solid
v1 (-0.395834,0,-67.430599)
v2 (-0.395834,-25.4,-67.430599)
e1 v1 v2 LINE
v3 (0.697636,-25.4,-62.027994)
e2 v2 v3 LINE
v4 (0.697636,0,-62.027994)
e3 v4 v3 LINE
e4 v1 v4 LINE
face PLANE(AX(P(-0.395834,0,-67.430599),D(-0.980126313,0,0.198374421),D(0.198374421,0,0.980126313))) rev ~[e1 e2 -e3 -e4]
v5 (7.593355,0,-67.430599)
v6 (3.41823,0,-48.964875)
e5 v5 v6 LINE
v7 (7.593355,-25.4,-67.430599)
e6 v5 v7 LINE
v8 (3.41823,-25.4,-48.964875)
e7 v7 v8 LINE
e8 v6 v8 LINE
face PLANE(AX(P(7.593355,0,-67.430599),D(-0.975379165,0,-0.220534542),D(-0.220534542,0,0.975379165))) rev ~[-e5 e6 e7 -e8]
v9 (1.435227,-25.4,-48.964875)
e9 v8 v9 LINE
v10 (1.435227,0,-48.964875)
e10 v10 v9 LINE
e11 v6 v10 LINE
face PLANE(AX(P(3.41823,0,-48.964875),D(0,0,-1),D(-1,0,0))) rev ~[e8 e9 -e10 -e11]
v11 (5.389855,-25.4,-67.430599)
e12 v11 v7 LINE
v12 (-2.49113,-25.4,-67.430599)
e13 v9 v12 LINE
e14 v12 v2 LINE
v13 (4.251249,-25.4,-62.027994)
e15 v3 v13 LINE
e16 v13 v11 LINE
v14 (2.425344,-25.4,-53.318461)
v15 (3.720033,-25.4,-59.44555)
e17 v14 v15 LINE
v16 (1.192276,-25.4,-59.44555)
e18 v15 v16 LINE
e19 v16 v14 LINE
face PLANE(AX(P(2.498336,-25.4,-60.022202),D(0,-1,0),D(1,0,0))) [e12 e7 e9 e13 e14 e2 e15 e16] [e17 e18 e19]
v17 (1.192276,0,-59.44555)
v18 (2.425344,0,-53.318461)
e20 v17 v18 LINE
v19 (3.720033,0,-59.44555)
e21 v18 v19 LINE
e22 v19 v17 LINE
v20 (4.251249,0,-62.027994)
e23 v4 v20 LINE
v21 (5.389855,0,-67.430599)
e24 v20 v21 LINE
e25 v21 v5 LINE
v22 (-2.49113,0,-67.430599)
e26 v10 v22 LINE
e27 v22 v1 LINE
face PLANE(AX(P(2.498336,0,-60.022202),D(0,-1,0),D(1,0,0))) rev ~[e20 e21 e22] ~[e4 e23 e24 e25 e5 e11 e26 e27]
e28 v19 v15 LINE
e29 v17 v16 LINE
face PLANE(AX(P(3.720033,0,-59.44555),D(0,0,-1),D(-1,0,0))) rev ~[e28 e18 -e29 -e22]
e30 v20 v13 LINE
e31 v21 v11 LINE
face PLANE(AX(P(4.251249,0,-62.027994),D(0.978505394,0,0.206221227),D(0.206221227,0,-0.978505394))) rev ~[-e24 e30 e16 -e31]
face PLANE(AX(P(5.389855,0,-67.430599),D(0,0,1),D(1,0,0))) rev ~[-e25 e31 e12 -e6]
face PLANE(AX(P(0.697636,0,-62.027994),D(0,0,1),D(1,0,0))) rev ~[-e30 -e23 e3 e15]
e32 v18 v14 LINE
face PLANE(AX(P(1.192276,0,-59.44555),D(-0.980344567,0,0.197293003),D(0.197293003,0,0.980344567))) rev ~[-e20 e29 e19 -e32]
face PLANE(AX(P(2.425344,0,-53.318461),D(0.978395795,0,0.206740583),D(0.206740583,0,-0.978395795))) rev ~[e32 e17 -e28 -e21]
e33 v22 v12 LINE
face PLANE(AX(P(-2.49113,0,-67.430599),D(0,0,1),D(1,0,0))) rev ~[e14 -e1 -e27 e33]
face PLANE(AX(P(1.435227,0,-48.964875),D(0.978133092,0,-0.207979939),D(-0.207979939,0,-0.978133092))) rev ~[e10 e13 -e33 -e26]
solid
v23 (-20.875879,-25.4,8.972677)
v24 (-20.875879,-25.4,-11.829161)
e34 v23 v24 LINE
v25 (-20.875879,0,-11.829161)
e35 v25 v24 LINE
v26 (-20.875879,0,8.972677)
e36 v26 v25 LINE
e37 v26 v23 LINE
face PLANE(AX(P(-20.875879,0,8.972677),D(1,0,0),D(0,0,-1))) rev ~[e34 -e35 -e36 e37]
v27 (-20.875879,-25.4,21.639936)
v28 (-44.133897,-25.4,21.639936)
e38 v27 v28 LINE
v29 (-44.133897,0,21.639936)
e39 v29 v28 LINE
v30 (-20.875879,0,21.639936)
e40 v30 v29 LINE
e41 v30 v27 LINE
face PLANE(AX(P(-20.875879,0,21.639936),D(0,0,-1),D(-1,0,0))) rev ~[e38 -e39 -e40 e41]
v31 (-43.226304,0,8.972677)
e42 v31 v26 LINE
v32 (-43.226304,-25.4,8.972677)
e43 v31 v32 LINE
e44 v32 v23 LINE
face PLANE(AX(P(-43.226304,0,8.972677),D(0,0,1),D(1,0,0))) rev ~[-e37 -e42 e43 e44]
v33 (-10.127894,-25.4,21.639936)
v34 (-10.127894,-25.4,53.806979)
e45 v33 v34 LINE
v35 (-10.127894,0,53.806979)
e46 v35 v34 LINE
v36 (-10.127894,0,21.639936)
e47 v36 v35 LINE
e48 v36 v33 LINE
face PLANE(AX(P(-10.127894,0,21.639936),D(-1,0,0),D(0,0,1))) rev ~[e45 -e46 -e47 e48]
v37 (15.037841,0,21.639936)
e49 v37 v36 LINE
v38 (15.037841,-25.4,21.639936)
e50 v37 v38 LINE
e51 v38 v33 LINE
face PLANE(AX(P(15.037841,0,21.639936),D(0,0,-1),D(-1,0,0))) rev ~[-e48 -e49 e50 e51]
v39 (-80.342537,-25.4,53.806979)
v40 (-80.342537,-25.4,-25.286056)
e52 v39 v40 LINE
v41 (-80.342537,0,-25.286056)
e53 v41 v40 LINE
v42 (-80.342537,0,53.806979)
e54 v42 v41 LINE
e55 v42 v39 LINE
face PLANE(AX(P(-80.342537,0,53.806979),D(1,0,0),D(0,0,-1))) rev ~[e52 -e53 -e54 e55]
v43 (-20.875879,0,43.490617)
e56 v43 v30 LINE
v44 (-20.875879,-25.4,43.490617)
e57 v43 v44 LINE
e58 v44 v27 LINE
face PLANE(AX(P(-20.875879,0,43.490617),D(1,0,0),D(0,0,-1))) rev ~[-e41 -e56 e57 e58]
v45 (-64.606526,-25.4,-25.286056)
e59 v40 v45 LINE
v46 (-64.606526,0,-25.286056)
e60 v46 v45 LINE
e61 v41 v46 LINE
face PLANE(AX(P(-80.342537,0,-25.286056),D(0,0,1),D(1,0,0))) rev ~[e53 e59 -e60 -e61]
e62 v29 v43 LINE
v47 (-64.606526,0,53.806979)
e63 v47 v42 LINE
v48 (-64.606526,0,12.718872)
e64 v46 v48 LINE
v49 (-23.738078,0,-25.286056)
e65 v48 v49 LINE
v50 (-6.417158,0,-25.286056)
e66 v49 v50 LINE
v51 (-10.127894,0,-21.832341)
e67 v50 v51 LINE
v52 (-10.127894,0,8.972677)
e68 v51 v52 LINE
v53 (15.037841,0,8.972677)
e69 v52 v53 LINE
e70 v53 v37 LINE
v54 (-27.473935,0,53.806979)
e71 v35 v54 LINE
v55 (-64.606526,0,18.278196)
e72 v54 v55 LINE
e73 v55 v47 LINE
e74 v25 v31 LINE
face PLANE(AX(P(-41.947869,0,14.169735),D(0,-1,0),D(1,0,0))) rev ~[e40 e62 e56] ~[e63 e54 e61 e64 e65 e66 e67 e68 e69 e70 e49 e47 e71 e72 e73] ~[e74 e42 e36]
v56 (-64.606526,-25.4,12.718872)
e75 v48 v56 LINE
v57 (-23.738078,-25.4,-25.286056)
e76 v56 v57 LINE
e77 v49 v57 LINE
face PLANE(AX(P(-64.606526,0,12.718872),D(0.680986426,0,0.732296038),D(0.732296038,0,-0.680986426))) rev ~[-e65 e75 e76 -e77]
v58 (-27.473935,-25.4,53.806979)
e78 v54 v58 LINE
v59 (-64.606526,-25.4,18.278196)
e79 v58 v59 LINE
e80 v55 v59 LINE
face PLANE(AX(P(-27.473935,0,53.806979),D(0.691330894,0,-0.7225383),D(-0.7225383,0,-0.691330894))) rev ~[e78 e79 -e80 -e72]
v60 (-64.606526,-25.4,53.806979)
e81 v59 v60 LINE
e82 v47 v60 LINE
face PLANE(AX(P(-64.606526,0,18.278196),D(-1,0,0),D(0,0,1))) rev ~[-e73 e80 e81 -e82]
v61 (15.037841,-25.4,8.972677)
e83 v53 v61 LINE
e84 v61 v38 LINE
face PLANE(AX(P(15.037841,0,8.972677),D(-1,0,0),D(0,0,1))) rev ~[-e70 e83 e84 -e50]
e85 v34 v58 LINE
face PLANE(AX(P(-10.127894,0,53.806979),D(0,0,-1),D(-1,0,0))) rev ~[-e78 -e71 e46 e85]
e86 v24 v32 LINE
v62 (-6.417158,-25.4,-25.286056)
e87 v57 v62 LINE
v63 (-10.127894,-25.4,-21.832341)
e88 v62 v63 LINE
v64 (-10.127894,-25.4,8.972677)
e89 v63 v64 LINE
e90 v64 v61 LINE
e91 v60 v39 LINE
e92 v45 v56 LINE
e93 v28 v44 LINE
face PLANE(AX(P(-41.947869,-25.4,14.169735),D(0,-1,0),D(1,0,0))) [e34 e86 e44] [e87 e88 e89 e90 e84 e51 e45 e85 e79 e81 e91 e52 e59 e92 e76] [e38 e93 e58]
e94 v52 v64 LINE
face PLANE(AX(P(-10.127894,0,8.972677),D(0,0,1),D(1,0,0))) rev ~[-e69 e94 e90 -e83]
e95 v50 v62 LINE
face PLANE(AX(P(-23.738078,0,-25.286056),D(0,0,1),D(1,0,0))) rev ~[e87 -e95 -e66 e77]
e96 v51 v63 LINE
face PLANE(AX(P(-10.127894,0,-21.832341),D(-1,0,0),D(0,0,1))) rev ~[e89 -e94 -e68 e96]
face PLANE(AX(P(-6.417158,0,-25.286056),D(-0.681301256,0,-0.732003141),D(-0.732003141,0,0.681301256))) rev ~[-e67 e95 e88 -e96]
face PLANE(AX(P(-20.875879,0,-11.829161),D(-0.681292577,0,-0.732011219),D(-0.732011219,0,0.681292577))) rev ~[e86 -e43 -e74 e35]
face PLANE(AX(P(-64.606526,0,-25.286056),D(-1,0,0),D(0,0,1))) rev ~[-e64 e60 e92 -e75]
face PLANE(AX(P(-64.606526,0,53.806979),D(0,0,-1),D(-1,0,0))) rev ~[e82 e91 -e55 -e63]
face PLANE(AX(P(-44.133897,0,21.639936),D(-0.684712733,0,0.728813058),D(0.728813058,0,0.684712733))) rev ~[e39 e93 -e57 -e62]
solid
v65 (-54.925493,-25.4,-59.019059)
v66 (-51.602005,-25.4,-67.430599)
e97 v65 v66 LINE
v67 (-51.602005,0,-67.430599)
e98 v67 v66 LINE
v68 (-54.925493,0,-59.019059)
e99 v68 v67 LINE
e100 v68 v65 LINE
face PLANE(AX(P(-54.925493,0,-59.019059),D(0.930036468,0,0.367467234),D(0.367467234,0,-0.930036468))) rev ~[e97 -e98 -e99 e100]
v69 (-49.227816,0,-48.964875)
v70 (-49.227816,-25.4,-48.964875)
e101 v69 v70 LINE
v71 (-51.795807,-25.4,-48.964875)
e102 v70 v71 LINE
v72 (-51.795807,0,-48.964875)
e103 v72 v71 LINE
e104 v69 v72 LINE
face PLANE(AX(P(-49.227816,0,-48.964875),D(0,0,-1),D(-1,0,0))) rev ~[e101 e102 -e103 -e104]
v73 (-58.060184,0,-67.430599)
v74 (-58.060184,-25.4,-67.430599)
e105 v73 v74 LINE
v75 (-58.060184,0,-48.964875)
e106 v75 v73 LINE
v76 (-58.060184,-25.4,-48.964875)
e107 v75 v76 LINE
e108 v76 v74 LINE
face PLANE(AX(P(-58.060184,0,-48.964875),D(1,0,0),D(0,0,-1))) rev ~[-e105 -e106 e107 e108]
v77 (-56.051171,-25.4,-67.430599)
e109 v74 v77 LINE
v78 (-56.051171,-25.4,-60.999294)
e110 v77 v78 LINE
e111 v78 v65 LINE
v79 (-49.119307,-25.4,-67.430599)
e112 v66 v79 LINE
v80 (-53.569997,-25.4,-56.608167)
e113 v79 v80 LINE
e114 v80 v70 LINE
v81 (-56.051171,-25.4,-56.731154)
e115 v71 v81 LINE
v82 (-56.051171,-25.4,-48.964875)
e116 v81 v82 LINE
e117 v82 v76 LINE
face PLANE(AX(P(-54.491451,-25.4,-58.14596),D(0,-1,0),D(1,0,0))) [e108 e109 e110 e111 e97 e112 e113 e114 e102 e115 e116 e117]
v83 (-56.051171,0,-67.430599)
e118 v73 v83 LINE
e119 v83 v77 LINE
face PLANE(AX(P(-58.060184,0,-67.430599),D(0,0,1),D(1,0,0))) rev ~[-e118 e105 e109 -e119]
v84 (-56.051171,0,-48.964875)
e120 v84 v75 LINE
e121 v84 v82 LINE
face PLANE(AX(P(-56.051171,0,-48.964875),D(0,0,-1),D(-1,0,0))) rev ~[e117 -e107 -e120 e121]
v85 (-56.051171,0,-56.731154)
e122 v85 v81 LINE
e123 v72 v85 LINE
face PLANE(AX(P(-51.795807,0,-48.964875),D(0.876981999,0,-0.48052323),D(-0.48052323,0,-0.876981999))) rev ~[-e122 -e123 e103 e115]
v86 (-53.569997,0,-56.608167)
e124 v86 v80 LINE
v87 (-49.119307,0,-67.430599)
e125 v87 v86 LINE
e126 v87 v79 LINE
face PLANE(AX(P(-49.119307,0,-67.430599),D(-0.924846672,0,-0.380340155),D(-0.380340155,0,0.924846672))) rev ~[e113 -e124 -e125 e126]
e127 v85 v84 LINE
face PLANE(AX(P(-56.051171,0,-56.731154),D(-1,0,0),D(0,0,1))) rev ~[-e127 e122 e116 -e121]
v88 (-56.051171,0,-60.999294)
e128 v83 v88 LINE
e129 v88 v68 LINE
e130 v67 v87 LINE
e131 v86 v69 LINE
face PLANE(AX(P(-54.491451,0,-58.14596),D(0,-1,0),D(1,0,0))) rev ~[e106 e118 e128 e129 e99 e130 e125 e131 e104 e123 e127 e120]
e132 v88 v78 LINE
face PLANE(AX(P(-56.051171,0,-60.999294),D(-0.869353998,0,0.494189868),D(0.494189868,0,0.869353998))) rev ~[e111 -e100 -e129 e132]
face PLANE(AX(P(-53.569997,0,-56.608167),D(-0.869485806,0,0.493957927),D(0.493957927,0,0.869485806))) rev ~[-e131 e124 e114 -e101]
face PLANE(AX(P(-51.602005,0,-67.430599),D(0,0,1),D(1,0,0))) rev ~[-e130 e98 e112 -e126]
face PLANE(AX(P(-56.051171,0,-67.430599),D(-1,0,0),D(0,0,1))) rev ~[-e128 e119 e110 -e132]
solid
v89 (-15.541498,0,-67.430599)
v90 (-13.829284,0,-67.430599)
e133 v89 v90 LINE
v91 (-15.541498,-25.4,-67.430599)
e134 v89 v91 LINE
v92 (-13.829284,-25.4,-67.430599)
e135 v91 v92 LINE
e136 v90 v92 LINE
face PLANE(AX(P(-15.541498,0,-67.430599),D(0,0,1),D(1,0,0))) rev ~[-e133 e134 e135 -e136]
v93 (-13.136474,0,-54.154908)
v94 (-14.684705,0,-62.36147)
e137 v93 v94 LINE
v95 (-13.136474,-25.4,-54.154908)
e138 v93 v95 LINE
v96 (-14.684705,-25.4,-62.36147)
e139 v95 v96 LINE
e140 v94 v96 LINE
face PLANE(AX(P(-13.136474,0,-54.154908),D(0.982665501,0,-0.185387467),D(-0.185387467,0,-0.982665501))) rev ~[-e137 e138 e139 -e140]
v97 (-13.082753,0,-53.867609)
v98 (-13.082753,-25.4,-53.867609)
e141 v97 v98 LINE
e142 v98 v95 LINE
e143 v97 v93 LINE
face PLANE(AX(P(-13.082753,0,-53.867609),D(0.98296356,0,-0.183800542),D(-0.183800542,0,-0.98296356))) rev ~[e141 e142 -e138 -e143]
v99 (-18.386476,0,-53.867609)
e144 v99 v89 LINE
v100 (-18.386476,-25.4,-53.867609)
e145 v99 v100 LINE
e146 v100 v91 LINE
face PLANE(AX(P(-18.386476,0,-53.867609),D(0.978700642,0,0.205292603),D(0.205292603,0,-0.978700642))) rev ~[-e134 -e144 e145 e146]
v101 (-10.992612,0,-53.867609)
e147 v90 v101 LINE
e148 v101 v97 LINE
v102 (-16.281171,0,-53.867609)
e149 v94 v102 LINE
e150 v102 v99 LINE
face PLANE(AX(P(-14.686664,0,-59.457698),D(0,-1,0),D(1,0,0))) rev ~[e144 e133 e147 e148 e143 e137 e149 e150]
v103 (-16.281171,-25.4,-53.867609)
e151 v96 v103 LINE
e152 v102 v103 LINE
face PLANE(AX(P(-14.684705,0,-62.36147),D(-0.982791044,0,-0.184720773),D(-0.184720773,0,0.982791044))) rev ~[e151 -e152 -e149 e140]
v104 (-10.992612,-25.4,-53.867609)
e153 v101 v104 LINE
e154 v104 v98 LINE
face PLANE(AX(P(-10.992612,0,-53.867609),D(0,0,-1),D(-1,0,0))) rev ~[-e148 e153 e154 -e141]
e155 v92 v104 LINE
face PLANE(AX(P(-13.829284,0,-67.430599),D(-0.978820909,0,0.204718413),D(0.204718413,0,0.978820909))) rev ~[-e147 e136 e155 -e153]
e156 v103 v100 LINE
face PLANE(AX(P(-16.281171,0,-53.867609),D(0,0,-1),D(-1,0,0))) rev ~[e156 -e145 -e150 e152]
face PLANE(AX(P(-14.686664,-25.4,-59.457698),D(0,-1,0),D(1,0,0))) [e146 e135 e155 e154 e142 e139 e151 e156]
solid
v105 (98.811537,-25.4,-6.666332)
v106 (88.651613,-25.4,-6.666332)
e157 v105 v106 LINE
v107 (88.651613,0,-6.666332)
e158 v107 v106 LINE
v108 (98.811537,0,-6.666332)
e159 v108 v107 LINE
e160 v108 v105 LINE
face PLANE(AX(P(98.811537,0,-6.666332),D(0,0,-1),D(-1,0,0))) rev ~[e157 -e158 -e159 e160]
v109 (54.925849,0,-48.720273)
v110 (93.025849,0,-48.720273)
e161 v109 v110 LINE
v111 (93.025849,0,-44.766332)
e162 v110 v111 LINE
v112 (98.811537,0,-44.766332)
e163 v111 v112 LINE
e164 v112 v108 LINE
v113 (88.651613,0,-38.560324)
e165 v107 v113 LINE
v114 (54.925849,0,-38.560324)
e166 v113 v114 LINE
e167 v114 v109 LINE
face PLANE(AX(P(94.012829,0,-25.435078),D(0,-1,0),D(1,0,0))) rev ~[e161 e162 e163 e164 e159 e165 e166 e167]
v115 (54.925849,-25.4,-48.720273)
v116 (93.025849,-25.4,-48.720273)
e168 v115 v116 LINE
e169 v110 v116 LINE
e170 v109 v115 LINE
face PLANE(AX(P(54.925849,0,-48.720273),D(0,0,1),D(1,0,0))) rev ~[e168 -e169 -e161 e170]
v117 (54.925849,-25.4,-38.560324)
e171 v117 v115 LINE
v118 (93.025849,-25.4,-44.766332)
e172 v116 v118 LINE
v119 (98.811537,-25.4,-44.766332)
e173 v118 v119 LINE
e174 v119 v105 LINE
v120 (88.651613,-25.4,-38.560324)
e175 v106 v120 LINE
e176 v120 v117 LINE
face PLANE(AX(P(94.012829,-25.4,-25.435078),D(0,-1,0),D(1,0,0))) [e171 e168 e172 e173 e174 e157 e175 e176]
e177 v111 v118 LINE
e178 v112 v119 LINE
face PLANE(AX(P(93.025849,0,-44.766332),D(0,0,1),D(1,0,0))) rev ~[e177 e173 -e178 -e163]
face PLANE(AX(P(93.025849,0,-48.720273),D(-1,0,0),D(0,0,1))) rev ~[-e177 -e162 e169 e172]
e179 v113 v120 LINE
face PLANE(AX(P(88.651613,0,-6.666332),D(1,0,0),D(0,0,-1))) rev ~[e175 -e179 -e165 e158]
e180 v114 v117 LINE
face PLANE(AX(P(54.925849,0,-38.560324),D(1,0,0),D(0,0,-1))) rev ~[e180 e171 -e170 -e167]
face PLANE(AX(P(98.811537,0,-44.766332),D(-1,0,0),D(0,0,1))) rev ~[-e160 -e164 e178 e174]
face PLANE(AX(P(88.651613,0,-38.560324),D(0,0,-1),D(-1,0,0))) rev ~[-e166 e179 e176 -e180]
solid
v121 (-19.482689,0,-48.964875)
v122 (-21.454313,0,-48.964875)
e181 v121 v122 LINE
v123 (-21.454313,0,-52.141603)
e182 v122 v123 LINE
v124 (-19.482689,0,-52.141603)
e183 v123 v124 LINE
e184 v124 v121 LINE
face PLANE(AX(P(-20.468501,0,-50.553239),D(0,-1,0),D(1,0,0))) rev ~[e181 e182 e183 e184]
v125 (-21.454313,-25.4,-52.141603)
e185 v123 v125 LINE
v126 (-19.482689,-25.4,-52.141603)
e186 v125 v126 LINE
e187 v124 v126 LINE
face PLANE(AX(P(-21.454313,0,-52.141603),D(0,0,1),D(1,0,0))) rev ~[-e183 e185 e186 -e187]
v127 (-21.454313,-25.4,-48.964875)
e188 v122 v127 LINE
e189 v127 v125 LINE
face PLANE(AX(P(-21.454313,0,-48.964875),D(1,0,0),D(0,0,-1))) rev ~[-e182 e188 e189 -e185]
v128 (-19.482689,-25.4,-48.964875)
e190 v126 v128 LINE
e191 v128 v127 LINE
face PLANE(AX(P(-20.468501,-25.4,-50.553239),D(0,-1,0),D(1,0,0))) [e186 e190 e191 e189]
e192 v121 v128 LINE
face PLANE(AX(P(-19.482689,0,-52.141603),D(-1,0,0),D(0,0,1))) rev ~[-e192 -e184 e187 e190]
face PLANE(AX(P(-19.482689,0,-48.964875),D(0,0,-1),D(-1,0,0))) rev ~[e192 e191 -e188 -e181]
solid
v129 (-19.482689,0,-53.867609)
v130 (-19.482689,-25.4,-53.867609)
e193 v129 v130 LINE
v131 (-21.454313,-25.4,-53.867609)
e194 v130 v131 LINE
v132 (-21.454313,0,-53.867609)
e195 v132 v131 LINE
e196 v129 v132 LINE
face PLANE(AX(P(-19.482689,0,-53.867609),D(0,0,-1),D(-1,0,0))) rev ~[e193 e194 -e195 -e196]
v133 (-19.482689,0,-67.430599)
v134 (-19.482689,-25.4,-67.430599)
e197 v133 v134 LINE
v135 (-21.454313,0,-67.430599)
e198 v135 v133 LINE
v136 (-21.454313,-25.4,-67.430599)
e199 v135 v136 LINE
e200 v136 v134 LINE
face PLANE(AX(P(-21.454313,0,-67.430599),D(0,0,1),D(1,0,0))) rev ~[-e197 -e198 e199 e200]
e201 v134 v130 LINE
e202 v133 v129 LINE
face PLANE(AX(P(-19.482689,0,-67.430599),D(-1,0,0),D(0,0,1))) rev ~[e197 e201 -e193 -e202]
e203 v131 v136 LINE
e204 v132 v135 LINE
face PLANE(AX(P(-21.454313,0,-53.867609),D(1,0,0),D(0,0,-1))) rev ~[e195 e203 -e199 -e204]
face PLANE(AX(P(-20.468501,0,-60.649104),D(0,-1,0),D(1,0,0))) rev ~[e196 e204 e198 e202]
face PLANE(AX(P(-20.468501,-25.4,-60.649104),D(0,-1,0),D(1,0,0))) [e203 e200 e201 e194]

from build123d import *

# Parameters (mm, degrees)
F1_DEPTH = 25.4
F0_W     = 4.3742356
F0_H     = 6.2060074


with BuildPart() as f1:
    # F0 (on Front) → F1 (new body)
    with BuildSketch(Plane.XZ):
        Polygon((-64.6065256, 18.2781956), (-64.6065256, 53.806979), (-80.3425368, 53.806979), (-80.3425368, -25.2860556), (-64.6065256, -25.2860556), (-64.6065256, 12.7188722), (-23.738078, -25.2860556), (-6.4171576, -25.2860556), (-10.1278944, -21.8323414), (-10.1278944, 8.972677), (15.0378414, 8.972677), (15.0378414, 21.6399364), (-10.1278944, 21.6399364), (-10.1278944, 52.5436592), (-10.1278944, 53.806979), (-10.3793798, 53.806979), (-27.4739354, 53.806979), align=None)
        Polygon((-20.875879, 8.972677), (-20.875879, -11.829161), (-43.2263042, 8.972677), align=None, mode=Mode.SUBTRACT)
        Polygon((-44.133897, 21.6399364), (-20.875879, 43.4906166), (-20.875879, 21.6399364), align=None, mode=Mode.SUBTRACT)
    extrude(amount=F1_DEPTH)


with BuildPart() as f1b:
    # F0 (on Front) → F1, piece 2 (new body)
    with BuildSketch(Plane.XZ):
        Polygon((-19.8351394, -48.9648754), (-21.4543132, -48.9648754), (-21.4543132, -52.1416026), (-19.482689, -52.1416026), (-19.482689, -48.9648754), align=None)
    extrude(amount=F1_DEPTH)


with BuildPart() as f1c:
    # F0 (on Front) → F1, piece 3 (new body)
    with BuildSketch(Plane.XZ):
        Polygon((-19.8351394, -53.8676088), (-21.4543132, -53.8676088), (-21.4543132, -67.4305992), (-19.482689, -67.4305992), (-19.482689, -53.8676088), align=None)
    extrude(amount=F1_DEPTH)


with BuildPart() as f1d:
    # F0 (on Front) → F1, piece 4 (new body)
    with BuildSketch(Plane.XZ):
        Polygon((-13.0827526, -53.8676088), (-13.1364736, -54.1549082), (-14.6847052, -62.3614704), (-16.2811714, -53.8676088), (-18.3864758, -53.8676088), (-15.541498, -67.4305992), (-13.829284, -67.4305992), (-10.992612, -53.8676088), align=None)
    extrude(amount=F1_DEPTH)


with BuildPart() as f1e:
    # F0 (on Front) → F1, piece 5 (new body)
    with BuildSketch(Plane.XZ):
        Polygon((3.4182304, -48.9648754), (3.136773, -48.9648754), (1.435227, -48.9648754), (-2.4911304, -67.4305992), (-0.3958336, -67.4305992), (0.6976364, -62.0279938), (4.2512488, -62.0279938), (5.3898546, -67.4305992), (7.5933554, -67.4305992), align=None)
        Polygon((2.4253444, -53.3184608), (3.7200332, -59.4455504), (1.192276, -59.4455504), align=None, mode=Mode.SUBTRACT)
    extrude(amount=F1_DEPTH)


with BuildPart() as f1f:
    # F0 (on Front) → F1, piece 6 (new body)
    with BuildSketch(Plane.XZ):
        Polygon((-53.569997, -56.6081672), (-49.2278162, -48.9648754), (-51.795807, -48.9648754), (-56.0511706, -56.731154), (-56.0511706, -48.9648754), (-58.0601836, -48.9648754), (-58.0601836, -67.4305992), (-56.0511706, -67.4305992), (-56.0511706, -60.9992938), (-54.9254934, -59.019059), (-51.602005, -67.4305992), (-49.1193074, -67.4305992), align=None)
    extrude(amount=F1_DEPTH)


with BuildPart() as f1g:
    # F0 (on Front) → F1, piece 7 (new body)
    with BuildSketch(Plane.XZ):
        Polygon((88.6516134, -38.5603242), (93.025849, -38.5603242), (93.025849, -44.7663316), (98.8115372, -44.7663316), (98.8115372, -6.6663316), (88.6516134, -6.6663316), align=None)
        with Locations((90.8387312, -41.6633279)):
            Rectangle(F0_W, F0_H)
        Polygon((93.025849, -48.7202734), (93.025849, -44.7663316), (88.6516134, -44.7663316), (88.6516134, -38.5603242), (54.925849, -38.5603242), (54.925849, -48.7202734), align=None)
    extrude(amount=F1_DEPTH)


solid = Compound([f1.part, f1b.part, f1c.part, f1d.part, f1e.part, f1f.part, f1g.part])
